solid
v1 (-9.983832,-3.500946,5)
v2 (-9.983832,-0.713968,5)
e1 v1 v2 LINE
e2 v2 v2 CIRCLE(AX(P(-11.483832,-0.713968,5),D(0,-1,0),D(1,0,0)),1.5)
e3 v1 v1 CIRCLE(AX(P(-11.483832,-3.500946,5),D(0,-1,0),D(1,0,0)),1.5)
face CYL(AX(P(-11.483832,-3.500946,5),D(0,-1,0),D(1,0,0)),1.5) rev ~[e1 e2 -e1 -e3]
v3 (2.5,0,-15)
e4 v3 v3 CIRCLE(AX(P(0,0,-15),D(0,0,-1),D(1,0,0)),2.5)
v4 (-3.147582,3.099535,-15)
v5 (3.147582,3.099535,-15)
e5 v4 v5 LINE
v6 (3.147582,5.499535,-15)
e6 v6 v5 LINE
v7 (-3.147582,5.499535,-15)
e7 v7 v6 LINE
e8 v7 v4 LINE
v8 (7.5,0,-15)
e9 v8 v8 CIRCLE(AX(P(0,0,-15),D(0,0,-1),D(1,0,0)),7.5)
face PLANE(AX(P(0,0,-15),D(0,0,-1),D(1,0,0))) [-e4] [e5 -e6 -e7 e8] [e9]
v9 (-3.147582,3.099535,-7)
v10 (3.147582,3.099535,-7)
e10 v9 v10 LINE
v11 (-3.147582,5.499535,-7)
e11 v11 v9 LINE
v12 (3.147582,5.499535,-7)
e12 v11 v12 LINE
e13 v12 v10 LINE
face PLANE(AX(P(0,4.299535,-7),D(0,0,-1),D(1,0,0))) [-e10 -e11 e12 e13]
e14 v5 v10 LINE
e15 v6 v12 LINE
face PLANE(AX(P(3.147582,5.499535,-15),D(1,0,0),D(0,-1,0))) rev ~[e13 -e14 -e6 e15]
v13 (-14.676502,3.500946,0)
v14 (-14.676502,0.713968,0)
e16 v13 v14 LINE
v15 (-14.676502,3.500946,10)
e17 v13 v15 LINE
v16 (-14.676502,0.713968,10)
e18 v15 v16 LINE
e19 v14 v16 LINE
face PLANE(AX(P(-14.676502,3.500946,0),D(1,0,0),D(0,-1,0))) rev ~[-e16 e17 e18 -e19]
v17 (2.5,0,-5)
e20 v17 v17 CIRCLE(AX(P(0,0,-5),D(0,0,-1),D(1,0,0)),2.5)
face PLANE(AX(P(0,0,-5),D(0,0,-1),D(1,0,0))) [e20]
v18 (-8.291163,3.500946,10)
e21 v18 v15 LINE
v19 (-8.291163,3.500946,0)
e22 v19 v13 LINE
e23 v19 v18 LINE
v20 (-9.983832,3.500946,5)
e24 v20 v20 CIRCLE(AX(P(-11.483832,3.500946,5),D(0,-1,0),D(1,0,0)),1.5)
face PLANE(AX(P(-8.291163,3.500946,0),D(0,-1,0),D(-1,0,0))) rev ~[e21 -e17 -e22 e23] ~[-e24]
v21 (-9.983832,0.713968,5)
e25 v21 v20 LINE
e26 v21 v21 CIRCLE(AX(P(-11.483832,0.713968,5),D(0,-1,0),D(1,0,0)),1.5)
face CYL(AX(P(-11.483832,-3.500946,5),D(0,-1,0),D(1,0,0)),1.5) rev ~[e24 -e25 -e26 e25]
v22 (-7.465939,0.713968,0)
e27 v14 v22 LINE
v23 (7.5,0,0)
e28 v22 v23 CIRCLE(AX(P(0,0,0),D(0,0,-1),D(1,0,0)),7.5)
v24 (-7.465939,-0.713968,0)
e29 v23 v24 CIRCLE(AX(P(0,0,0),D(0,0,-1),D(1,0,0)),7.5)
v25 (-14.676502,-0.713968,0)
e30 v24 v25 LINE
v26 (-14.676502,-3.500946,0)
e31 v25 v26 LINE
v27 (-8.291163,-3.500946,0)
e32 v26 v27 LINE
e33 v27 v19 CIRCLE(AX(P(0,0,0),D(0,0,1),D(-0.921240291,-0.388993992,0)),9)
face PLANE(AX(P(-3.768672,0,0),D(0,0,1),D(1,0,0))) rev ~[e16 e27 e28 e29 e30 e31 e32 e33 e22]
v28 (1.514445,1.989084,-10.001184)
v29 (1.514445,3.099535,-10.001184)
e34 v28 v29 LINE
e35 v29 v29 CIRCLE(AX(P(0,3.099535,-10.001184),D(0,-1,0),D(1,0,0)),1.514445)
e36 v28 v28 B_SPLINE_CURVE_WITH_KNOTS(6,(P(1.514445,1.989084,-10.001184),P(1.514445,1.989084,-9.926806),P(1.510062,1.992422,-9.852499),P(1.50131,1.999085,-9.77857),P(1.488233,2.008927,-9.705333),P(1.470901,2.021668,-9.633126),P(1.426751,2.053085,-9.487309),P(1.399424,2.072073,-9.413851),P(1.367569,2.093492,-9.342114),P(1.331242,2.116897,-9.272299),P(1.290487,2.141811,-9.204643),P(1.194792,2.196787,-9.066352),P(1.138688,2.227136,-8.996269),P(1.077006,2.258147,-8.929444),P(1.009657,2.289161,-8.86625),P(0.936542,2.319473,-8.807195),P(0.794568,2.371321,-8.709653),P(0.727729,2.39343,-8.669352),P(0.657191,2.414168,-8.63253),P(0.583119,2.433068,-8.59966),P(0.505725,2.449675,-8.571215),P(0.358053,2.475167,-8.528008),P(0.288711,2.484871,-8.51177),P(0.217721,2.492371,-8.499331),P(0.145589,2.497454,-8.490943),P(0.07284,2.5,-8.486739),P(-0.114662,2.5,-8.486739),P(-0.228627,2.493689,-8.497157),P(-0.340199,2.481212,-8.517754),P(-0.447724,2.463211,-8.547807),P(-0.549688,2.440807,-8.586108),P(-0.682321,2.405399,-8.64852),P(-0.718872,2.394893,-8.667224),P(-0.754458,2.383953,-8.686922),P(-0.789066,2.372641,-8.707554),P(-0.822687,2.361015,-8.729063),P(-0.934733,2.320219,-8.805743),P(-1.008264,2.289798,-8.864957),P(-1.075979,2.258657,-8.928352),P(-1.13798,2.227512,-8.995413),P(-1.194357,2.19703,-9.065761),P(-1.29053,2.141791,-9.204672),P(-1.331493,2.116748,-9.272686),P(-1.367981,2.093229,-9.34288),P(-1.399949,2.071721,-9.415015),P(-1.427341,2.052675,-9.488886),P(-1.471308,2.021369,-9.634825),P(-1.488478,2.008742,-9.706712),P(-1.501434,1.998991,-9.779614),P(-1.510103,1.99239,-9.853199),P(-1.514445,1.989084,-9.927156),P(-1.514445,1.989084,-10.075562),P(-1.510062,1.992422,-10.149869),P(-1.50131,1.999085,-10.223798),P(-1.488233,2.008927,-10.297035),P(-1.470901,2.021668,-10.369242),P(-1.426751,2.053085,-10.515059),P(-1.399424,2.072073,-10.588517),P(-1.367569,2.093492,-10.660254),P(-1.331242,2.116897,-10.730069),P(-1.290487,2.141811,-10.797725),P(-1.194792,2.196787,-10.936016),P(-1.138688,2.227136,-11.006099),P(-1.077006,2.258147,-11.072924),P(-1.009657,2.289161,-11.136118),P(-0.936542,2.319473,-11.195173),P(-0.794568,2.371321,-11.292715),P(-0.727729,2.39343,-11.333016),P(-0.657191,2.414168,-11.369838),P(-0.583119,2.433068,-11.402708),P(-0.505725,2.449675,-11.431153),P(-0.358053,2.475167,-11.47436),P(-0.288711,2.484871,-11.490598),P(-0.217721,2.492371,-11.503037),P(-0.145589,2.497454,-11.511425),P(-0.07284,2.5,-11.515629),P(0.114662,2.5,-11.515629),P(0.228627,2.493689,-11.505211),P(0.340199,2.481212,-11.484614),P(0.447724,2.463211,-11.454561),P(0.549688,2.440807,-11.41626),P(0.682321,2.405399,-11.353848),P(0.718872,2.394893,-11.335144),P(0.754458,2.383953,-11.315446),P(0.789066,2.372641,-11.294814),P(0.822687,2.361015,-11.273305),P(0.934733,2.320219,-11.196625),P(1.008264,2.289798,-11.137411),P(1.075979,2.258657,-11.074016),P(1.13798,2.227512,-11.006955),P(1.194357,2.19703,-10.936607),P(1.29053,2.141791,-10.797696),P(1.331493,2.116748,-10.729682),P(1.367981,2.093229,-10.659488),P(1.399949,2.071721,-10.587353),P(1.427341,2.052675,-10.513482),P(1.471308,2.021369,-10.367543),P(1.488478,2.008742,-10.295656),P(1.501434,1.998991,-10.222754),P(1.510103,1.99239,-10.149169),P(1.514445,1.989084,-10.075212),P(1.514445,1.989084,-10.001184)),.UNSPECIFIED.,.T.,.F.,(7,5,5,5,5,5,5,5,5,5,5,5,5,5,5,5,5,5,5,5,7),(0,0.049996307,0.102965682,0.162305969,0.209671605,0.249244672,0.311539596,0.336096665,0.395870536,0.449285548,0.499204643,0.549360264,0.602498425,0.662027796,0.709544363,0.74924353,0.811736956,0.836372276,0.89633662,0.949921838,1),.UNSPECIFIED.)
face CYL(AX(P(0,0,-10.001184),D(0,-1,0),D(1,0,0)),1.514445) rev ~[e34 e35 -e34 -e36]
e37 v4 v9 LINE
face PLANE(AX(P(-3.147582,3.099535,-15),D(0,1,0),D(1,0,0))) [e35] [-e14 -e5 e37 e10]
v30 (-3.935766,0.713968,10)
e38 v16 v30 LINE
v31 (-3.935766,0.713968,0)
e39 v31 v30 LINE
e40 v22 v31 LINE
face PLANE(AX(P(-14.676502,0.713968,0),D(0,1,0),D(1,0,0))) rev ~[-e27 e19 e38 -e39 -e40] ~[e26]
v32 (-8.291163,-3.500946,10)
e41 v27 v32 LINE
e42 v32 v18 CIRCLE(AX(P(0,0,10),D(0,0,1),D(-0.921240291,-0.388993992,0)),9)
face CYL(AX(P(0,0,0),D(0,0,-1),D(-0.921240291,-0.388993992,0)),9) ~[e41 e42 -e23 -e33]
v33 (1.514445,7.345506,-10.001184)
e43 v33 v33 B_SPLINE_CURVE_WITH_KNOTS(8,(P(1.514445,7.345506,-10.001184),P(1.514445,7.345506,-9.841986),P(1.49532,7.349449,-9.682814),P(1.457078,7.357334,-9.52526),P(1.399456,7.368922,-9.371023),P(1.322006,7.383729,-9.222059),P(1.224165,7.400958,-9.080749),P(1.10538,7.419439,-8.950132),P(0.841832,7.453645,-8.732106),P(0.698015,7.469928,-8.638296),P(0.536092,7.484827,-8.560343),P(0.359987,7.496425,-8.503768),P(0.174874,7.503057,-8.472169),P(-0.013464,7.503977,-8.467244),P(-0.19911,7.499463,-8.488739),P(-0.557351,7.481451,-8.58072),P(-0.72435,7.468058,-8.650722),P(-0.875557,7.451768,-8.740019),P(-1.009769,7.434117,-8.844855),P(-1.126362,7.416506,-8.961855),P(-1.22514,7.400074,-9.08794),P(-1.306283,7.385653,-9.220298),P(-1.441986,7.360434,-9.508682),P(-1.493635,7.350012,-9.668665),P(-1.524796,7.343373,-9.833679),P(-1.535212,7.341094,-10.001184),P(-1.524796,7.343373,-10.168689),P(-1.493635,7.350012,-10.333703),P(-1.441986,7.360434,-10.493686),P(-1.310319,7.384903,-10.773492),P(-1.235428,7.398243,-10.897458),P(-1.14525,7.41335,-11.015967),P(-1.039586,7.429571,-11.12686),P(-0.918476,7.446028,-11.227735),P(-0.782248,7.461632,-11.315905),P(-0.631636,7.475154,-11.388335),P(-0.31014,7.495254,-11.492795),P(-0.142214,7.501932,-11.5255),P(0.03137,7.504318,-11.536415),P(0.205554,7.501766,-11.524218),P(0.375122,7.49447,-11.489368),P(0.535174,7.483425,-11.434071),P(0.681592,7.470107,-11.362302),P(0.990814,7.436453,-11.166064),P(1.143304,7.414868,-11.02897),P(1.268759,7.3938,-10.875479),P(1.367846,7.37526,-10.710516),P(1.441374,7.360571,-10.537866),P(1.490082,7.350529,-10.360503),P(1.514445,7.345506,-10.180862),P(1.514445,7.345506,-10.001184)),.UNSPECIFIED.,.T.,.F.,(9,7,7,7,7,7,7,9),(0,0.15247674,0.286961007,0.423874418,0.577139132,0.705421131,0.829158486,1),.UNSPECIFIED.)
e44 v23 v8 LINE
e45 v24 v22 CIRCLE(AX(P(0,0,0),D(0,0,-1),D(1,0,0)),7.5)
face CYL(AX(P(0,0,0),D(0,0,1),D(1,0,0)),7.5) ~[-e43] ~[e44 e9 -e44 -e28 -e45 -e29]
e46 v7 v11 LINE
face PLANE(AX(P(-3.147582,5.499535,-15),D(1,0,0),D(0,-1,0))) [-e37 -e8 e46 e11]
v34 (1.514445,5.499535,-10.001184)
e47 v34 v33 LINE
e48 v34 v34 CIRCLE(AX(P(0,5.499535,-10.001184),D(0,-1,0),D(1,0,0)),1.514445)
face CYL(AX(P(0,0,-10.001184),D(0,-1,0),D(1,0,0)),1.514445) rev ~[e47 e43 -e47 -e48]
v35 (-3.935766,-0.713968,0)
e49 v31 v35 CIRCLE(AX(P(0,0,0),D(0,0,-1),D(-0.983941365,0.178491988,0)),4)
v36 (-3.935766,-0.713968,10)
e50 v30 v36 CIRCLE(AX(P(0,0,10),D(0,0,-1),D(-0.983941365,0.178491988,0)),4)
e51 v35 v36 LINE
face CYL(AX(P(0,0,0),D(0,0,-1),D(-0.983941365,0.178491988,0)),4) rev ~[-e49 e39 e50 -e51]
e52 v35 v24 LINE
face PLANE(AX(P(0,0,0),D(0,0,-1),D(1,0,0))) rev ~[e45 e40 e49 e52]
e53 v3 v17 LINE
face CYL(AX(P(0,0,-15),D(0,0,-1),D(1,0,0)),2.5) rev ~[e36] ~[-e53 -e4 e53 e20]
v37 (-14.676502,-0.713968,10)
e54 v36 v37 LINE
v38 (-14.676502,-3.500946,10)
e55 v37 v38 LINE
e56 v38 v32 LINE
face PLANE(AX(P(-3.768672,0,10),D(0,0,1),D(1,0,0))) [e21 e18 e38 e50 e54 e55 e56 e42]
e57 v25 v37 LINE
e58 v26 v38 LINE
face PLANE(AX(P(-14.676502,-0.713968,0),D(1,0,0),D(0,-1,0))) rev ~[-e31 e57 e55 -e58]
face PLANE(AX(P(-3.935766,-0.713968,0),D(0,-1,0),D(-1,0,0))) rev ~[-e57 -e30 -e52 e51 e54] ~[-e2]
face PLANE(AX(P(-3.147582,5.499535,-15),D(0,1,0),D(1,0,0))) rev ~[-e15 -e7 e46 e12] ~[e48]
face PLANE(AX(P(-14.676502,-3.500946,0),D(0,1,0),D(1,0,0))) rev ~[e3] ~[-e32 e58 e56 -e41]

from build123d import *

# Parameters (mm, degrees)
F1_DEPTH  = 10
F2_R      = 7.5
F3_DEPTH  = 15
F4_R      = 2.5
F5_DEPTH  = 10
F6_R      = 1.5
F7_DEPTH  = 25
F8_R      = 1.514445
F9_DEPTH  = 25
F10_W     = 6.295164
F10_H     = 2.4
F11_DEPTH = 8


with BuildPart() as f1:
    # F0 (on Top) → F1 (new body)
    with BuildSketch(Plane.XY):
        with BuildLine():
            Line((-14.676502, -3.500946), (-8.291163, -3.500946))
            ThreePointArc((-8.291163, -3.500946), (9, 0), (-8.291163, 3.500946))
            Line((-8.291163, 3.500946), (-14.676502, 3.500946))
            Line((-14.676502, 3.500946), (-14.676502, 0.713968))
            Line((-14.676502, 0.713968), (-3.935766, 0.713968))
            ThreePointArc((-3.935766, 0.713968), (4, 0), (-3.935766, -0.713968))
            Line((-3.935766, -0.713968), (-14.676502, -0.713968))
            Line((-14.676502, -0.713968), (-14.676502, -3.500946))
        make_face()
    extrude(amount=F1_DEPTH)

    # F2 (on face) → F3 (join)
    with BuildSketch(Plane(origin=(0, 0, 0), x_dir=(1, 0, 0), z_dir=(0, 0, -1))):
        Circle(F2_R)
    extrude(amount=F3_DEPTH)

    # F4 (on face) → F5 (cut)
    with BuildSketch(Plane(origin=(0, 0, -15), x_dir=(1, 0, 0), z_dir=(0, 0, -1))):
        Circle(F4_R)
    extrude(amount=-F5_DEPTH, mode=Mode.SUBTRACT)

    # F6 (on face) → F7 (cut)
    with BuildSketch(Plane.XZ.offset(3.500946)):
        with Locations((-11.483832, 5)):
            Circle(F6_R)
    extrude(amount=-F7_DEPTH, mode=Mode.SUBTRACT)

    # F8 (on Front) → F9 (cut)
    with BuildSketch(Plane.XZ):
        with Locations((0, -10.001184)):
            Circle(F8_R)
    extrude(amount=-F9_DEPTH, mode=Mode.SUBTRACT)

    # F10 (on face) → F11 (cut)
    with BuildSketch(Plane(origin=(0, 0, -15), x_dir=(1, 0, 0), z_dir=(0, 0, -1))):
        with Locations((0, -4.299535)):
            Rectangle(F10_W, F10_H)
    extrude(amount=-F11_DEPTH, mode=Mode.SUBTRACT)


solid = f1.part
